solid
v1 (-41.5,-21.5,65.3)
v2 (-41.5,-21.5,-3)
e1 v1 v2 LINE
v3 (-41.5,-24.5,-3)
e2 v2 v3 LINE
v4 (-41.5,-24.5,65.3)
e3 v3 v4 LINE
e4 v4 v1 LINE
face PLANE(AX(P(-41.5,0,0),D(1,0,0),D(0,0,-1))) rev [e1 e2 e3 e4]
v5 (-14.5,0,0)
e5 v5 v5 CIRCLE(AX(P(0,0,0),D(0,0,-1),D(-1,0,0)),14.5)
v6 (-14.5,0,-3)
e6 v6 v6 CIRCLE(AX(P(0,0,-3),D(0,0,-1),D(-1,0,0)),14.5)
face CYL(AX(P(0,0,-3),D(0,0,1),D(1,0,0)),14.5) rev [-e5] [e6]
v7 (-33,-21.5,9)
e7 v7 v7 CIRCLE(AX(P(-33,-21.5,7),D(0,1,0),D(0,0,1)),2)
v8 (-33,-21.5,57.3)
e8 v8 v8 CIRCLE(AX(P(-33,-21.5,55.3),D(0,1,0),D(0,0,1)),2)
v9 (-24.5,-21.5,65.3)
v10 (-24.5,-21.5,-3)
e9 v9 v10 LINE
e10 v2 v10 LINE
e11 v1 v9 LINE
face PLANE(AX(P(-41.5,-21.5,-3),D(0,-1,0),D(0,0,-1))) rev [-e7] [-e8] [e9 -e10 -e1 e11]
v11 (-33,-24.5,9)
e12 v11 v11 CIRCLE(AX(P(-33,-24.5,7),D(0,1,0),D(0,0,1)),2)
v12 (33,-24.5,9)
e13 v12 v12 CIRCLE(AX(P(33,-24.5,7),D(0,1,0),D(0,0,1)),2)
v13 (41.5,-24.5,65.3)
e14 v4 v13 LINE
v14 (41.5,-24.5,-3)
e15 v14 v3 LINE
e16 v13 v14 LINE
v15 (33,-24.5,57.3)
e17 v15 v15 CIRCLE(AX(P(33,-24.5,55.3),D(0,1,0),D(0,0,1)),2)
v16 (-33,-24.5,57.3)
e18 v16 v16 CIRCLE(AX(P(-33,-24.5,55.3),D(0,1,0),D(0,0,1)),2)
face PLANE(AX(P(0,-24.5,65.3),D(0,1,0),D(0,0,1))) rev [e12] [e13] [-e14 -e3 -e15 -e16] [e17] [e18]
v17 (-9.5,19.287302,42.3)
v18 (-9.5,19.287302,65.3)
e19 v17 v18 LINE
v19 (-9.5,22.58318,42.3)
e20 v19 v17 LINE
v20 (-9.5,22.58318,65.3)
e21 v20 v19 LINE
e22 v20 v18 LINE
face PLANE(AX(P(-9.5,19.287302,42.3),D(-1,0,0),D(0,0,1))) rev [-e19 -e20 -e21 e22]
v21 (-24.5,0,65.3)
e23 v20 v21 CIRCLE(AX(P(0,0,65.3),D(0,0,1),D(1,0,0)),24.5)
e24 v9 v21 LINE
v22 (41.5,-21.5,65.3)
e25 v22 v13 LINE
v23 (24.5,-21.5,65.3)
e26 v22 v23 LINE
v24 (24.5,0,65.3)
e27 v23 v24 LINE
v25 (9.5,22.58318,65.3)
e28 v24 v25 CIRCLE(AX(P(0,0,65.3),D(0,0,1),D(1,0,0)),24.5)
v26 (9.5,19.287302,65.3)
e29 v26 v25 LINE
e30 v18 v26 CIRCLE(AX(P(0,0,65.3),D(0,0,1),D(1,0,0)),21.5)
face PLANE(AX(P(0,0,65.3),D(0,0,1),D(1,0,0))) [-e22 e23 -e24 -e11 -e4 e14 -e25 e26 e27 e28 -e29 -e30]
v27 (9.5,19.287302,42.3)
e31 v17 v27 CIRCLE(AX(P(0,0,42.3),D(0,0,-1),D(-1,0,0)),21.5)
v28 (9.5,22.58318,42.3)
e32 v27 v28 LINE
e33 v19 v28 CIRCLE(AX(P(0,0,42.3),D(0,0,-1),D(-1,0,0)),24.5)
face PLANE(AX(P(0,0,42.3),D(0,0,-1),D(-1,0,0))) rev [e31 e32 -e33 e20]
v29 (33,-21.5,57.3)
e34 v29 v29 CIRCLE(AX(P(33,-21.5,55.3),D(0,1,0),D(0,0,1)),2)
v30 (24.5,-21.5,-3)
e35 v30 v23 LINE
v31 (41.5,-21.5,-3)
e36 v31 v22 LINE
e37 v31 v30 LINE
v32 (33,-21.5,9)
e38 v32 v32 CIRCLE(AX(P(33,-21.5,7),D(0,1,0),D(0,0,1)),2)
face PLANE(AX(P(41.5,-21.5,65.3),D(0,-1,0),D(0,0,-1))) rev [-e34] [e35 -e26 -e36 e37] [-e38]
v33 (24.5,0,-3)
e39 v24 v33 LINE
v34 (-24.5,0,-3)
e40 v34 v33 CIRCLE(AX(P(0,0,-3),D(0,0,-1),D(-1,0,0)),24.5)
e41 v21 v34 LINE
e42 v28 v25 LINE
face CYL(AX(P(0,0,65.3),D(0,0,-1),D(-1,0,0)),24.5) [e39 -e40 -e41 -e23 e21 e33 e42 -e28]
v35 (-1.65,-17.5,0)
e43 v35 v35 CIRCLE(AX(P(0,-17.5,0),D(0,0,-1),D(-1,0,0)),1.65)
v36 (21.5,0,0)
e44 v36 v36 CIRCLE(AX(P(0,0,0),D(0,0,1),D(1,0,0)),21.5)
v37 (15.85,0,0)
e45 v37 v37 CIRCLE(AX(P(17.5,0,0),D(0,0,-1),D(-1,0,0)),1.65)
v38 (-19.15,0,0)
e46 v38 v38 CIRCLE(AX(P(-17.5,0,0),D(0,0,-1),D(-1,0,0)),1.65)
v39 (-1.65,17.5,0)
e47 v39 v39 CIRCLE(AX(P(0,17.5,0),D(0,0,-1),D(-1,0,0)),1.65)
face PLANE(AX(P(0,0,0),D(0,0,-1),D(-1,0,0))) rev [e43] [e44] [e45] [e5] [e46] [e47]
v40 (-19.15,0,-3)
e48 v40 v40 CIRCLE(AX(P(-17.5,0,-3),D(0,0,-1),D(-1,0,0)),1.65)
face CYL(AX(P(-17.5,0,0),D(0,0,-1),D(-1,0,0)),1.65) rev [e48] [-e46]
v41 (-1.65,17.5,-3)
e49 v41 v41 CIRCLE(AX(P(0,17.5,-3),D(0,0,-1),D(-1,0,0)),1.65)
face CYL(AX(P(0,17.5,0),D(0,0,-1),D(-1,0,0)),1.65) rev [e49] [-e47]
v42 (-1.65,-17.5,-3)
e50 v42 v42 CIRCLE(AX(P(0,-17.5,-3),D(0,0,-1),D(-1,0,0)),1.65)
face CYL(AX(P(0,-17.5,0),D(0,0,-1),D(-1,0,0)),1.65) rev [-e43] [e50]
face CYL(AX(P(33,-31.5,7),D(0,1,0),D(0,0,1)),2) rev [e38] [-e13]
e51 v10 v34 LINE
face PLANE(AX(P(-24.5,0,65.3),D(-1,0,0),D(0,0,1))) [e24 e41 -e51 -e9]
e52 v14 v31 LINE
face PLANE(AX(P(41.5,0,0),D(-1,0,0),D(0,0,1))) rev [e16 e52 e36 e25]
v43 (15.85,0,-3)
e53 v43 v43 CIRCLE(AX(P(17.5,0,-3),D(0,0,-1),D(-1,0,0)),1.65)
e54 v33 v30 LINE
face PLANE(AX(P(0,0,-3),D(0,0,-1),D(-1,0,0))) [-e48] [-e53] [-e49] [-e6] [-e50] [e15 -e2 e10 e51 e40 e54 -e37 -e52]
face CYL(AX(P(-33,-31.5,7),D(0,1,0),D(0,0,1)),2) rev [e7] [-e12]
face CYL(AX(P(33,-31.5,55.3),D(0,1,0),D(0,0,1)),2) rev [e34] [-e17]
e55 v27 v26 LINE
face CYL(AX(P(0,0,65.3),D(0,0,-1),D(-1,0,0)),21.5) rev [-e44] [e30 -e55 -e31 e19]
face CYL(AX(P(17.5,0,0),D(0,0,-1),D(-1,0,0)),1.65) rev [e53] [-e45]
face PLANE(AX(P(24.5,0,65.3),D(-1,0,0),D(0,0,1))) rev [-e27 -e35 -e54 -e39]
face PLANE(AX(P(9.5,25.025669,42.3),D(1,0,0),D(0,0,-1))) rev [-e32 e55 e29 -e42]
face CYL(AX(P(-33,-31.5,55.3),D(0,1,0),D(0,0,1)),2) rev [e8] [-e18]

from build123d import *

# Parameters (mm, degrees)
ESQUISSE1_R             = 24.5
ESQUISSE1_R_2           = 21.5
BOSS_EXTRU_1_DEPTH      = 65.3
ESQUISSE2_R             = 21.5
ESQUISSE2_R_2           = 14.5
BOSS_EXTRU_2_DEPTH      = 3
ESQUISSE3_R             = 1.65
ENL_V_MAT_EXTRU_1_DEPTH = 3
ESQUISSE4_W             = 19
ESQUISSE4_H             = 5.738367338
ENL_V_MAT_EXTRU_2_DEPTH = 23
ESQUISSE5_W             = 68.3
ESQUISSE5_H             = 3
BOSS_EXTRU_3_DEPTH      = 17
ESQUISSE6_W             = 68.3
ESQUISSE6_H             = 3
BOSS_EXTRU_4_DEPTH      = 17
ESQUISSE7_R             = 2
ENL_V_MAT_EXTRU_3_DEPTH = 10
ESQUISSE9_R             = 2
ENL_V_MAT_EXTRU_4_DEPTH = 10


with BuildPart() as part:
    # Esquisse1 → Boss.-Extru.1 (new body)
    with BuildSketch(Plane.XY):
        Circle(ESQUISSE1_R)
        Circle(ESQUISSE1_R_2, mode=Mode.SUBTRACT)
        with BuildLine():
            Line((-24.5, 0), (-24.5, -24.5))
            Line((-24.5, -24.5), (-6e-09, -24.5))
            ThreePointArc((-6e-09, -24.5), (-17.324116141, -17.324116137), (-24.5, 0))
        make_face()
        with BuildLine():
            ThreePointArc((24.5, 0), (17.324116137, -17.324116141), (-6e-09, -24.5))
            Line((-6e-09, -24.5), (24.5, -24.5))
            Line((24.5, -24.5), (24.5, 0))
        make_face()
    extrude(amount=BOSS_EXTRU_1_DEPTH)

    # Esquisse2 → Boss.-Extru.2 (add)
    with BuildSketch(Plane(origin=(0, 0, 0), x_dir=(-1, 0, 0), z_dir=(0, 0, -1))):
        with BuildLine():
            ThreePointArc((24.5, 0), (0, 24.5), (-24.5, 0))
            ThreePointArc((-24.5, 0), (-17.324116141, -17.324116137), (-6e-09, -24.5))
            ThreePointArc((-6e-09, -24.5), (17.324116137, -17.324116141), (24.5, 0))
        make_face()
        with Locations(Location((0, 0, 0), (0, 0, 180))):
            Circle(ESQUISSE2_R, mode=Mode.SUBTRACT)
        with Locations(Location((0, 0, 0), (0, 0, 180))):
            Circle(ESQUISSE2_R)
        Circle(ESQUISSE2_R_2, mode=Mode.SUBTRACT)
        with BuildLine():
            ThreePointArc((-6e-09, -24.5), (-17.324116141, -17.324116137), (-24.5, 0))
            Line((-24.5, 0), (-24.5, -24.5))
            Line((-24.5, -24.5), (-6e-09, -24.5))
        make_face()
        with BuildLine():
            Line((24.5, -24.5), (24.5, 0))
            ThreePointArc((24.5, 0), (17.324116137, -17.324116141), (-6e-09, -24.5))
            Line((-6e-09, -24.5), (24.5, -24.5))
        make_face()
    extrude(amount=BOSS_EXTRU_2_DEPTH)

    # Esquisse3 → Enlèv. mat.-Extru.1 (cut)
    with BuildSketch(Plane(origin=(0, 0, -3), x_dir=(-1, 0, 0), z_dir=(0, 0, -1))):
        with Locations((-17.5, 0)):
            Circle(ESQUISSE3_R)
        with Locations((17.5, 0)):
            Circle(ESQUISSE3_R)
        with Locations((0, 17.5)):
            Circle(ESQUISSE3_R)
        with Locations((0, -17.5)):
            Circle(ESQUISSE3_R)
    extrude(amount=-ENL_V_MAT_EXTRU_1_DEPTH, mode=Mode.SUBTRACT)

    # Esquisse4 → Enlèv. mat.-Extru.2 (cut)
    with BuildSketch(Plane.XY.offset(65.3)):
        with Locations((0, 22.156485191)):
            Rectangle(ESQUISSE4_W, ESQUISSE4_H)
    extrude(amount=-ENL_V_MAT_EXTRU_2_DEPTH, mode=Mode.SUBTRACT)

    # Esquisse5 → Boss.-Extru.3 (add)
    with BuildSketch(Plane.ZY.offset(24.5)):
        with Locations((31.15, -23)):
            Rectangle(ESQUISSE5_W, ESQUISSE5_H)
    extrude(amount=BOSS_EXTRU_3_DEPTH)

    # Esquisse6 → Boss.-Extru.4 (add)
    with BuildSketch(Plane(origin=(24.5, 0, 0), x_dir=(0, 0, -1), z_dir=(1, 0, 0))):
        with Locations((-31.15, -23)):
            Rectangle(ESQUISSE6_W, ESQUISSE6_H)
    extrude(amount=BOSS_EXTRU_4_DEPTH)

    # Esquisse7 → Enlèv. mat.-Extru.3 (cut)
    with BuildSketch(Plane(origin=(0, -21.5, 0), x_dir=(1, 0, 0), z_dir=(0, 1, 0))):
        with Locations(Location((-33, -7, 0), (0, 0, 270))):
            Circle(ESQUISSE7_R)
        with Locations(Location((-33, -55.3, 0), (0, 0, 270))):
            Circle(ESQUISSE7_R)
    extrude(amount=-ENL_V_MAT_EXTRU_3_DEPTH, mode=Mode.SUBTRACT)

    # Esquisse9 → Enlèv. mat.-Extru.4 (cut)
    with BuildSketch(Plane(origin=(0, -21.5, 0), x_dir=(1, 0, 0), z_dir=(0, 1, 0))):
        with Locations(Location((33, -7, 0), (0, 0, 270))):
            Circle(ESQUISSE9_R)
        with Locations(Location((33, -55.3, 0), (0, 0, 270))):
            Circle(ESQUISSE9_R)
    extrude(amount=-ENL_V_MAT_EXTRU_4_DEPTH, mode=Mode.SUBTRACT)


solid = part.part
